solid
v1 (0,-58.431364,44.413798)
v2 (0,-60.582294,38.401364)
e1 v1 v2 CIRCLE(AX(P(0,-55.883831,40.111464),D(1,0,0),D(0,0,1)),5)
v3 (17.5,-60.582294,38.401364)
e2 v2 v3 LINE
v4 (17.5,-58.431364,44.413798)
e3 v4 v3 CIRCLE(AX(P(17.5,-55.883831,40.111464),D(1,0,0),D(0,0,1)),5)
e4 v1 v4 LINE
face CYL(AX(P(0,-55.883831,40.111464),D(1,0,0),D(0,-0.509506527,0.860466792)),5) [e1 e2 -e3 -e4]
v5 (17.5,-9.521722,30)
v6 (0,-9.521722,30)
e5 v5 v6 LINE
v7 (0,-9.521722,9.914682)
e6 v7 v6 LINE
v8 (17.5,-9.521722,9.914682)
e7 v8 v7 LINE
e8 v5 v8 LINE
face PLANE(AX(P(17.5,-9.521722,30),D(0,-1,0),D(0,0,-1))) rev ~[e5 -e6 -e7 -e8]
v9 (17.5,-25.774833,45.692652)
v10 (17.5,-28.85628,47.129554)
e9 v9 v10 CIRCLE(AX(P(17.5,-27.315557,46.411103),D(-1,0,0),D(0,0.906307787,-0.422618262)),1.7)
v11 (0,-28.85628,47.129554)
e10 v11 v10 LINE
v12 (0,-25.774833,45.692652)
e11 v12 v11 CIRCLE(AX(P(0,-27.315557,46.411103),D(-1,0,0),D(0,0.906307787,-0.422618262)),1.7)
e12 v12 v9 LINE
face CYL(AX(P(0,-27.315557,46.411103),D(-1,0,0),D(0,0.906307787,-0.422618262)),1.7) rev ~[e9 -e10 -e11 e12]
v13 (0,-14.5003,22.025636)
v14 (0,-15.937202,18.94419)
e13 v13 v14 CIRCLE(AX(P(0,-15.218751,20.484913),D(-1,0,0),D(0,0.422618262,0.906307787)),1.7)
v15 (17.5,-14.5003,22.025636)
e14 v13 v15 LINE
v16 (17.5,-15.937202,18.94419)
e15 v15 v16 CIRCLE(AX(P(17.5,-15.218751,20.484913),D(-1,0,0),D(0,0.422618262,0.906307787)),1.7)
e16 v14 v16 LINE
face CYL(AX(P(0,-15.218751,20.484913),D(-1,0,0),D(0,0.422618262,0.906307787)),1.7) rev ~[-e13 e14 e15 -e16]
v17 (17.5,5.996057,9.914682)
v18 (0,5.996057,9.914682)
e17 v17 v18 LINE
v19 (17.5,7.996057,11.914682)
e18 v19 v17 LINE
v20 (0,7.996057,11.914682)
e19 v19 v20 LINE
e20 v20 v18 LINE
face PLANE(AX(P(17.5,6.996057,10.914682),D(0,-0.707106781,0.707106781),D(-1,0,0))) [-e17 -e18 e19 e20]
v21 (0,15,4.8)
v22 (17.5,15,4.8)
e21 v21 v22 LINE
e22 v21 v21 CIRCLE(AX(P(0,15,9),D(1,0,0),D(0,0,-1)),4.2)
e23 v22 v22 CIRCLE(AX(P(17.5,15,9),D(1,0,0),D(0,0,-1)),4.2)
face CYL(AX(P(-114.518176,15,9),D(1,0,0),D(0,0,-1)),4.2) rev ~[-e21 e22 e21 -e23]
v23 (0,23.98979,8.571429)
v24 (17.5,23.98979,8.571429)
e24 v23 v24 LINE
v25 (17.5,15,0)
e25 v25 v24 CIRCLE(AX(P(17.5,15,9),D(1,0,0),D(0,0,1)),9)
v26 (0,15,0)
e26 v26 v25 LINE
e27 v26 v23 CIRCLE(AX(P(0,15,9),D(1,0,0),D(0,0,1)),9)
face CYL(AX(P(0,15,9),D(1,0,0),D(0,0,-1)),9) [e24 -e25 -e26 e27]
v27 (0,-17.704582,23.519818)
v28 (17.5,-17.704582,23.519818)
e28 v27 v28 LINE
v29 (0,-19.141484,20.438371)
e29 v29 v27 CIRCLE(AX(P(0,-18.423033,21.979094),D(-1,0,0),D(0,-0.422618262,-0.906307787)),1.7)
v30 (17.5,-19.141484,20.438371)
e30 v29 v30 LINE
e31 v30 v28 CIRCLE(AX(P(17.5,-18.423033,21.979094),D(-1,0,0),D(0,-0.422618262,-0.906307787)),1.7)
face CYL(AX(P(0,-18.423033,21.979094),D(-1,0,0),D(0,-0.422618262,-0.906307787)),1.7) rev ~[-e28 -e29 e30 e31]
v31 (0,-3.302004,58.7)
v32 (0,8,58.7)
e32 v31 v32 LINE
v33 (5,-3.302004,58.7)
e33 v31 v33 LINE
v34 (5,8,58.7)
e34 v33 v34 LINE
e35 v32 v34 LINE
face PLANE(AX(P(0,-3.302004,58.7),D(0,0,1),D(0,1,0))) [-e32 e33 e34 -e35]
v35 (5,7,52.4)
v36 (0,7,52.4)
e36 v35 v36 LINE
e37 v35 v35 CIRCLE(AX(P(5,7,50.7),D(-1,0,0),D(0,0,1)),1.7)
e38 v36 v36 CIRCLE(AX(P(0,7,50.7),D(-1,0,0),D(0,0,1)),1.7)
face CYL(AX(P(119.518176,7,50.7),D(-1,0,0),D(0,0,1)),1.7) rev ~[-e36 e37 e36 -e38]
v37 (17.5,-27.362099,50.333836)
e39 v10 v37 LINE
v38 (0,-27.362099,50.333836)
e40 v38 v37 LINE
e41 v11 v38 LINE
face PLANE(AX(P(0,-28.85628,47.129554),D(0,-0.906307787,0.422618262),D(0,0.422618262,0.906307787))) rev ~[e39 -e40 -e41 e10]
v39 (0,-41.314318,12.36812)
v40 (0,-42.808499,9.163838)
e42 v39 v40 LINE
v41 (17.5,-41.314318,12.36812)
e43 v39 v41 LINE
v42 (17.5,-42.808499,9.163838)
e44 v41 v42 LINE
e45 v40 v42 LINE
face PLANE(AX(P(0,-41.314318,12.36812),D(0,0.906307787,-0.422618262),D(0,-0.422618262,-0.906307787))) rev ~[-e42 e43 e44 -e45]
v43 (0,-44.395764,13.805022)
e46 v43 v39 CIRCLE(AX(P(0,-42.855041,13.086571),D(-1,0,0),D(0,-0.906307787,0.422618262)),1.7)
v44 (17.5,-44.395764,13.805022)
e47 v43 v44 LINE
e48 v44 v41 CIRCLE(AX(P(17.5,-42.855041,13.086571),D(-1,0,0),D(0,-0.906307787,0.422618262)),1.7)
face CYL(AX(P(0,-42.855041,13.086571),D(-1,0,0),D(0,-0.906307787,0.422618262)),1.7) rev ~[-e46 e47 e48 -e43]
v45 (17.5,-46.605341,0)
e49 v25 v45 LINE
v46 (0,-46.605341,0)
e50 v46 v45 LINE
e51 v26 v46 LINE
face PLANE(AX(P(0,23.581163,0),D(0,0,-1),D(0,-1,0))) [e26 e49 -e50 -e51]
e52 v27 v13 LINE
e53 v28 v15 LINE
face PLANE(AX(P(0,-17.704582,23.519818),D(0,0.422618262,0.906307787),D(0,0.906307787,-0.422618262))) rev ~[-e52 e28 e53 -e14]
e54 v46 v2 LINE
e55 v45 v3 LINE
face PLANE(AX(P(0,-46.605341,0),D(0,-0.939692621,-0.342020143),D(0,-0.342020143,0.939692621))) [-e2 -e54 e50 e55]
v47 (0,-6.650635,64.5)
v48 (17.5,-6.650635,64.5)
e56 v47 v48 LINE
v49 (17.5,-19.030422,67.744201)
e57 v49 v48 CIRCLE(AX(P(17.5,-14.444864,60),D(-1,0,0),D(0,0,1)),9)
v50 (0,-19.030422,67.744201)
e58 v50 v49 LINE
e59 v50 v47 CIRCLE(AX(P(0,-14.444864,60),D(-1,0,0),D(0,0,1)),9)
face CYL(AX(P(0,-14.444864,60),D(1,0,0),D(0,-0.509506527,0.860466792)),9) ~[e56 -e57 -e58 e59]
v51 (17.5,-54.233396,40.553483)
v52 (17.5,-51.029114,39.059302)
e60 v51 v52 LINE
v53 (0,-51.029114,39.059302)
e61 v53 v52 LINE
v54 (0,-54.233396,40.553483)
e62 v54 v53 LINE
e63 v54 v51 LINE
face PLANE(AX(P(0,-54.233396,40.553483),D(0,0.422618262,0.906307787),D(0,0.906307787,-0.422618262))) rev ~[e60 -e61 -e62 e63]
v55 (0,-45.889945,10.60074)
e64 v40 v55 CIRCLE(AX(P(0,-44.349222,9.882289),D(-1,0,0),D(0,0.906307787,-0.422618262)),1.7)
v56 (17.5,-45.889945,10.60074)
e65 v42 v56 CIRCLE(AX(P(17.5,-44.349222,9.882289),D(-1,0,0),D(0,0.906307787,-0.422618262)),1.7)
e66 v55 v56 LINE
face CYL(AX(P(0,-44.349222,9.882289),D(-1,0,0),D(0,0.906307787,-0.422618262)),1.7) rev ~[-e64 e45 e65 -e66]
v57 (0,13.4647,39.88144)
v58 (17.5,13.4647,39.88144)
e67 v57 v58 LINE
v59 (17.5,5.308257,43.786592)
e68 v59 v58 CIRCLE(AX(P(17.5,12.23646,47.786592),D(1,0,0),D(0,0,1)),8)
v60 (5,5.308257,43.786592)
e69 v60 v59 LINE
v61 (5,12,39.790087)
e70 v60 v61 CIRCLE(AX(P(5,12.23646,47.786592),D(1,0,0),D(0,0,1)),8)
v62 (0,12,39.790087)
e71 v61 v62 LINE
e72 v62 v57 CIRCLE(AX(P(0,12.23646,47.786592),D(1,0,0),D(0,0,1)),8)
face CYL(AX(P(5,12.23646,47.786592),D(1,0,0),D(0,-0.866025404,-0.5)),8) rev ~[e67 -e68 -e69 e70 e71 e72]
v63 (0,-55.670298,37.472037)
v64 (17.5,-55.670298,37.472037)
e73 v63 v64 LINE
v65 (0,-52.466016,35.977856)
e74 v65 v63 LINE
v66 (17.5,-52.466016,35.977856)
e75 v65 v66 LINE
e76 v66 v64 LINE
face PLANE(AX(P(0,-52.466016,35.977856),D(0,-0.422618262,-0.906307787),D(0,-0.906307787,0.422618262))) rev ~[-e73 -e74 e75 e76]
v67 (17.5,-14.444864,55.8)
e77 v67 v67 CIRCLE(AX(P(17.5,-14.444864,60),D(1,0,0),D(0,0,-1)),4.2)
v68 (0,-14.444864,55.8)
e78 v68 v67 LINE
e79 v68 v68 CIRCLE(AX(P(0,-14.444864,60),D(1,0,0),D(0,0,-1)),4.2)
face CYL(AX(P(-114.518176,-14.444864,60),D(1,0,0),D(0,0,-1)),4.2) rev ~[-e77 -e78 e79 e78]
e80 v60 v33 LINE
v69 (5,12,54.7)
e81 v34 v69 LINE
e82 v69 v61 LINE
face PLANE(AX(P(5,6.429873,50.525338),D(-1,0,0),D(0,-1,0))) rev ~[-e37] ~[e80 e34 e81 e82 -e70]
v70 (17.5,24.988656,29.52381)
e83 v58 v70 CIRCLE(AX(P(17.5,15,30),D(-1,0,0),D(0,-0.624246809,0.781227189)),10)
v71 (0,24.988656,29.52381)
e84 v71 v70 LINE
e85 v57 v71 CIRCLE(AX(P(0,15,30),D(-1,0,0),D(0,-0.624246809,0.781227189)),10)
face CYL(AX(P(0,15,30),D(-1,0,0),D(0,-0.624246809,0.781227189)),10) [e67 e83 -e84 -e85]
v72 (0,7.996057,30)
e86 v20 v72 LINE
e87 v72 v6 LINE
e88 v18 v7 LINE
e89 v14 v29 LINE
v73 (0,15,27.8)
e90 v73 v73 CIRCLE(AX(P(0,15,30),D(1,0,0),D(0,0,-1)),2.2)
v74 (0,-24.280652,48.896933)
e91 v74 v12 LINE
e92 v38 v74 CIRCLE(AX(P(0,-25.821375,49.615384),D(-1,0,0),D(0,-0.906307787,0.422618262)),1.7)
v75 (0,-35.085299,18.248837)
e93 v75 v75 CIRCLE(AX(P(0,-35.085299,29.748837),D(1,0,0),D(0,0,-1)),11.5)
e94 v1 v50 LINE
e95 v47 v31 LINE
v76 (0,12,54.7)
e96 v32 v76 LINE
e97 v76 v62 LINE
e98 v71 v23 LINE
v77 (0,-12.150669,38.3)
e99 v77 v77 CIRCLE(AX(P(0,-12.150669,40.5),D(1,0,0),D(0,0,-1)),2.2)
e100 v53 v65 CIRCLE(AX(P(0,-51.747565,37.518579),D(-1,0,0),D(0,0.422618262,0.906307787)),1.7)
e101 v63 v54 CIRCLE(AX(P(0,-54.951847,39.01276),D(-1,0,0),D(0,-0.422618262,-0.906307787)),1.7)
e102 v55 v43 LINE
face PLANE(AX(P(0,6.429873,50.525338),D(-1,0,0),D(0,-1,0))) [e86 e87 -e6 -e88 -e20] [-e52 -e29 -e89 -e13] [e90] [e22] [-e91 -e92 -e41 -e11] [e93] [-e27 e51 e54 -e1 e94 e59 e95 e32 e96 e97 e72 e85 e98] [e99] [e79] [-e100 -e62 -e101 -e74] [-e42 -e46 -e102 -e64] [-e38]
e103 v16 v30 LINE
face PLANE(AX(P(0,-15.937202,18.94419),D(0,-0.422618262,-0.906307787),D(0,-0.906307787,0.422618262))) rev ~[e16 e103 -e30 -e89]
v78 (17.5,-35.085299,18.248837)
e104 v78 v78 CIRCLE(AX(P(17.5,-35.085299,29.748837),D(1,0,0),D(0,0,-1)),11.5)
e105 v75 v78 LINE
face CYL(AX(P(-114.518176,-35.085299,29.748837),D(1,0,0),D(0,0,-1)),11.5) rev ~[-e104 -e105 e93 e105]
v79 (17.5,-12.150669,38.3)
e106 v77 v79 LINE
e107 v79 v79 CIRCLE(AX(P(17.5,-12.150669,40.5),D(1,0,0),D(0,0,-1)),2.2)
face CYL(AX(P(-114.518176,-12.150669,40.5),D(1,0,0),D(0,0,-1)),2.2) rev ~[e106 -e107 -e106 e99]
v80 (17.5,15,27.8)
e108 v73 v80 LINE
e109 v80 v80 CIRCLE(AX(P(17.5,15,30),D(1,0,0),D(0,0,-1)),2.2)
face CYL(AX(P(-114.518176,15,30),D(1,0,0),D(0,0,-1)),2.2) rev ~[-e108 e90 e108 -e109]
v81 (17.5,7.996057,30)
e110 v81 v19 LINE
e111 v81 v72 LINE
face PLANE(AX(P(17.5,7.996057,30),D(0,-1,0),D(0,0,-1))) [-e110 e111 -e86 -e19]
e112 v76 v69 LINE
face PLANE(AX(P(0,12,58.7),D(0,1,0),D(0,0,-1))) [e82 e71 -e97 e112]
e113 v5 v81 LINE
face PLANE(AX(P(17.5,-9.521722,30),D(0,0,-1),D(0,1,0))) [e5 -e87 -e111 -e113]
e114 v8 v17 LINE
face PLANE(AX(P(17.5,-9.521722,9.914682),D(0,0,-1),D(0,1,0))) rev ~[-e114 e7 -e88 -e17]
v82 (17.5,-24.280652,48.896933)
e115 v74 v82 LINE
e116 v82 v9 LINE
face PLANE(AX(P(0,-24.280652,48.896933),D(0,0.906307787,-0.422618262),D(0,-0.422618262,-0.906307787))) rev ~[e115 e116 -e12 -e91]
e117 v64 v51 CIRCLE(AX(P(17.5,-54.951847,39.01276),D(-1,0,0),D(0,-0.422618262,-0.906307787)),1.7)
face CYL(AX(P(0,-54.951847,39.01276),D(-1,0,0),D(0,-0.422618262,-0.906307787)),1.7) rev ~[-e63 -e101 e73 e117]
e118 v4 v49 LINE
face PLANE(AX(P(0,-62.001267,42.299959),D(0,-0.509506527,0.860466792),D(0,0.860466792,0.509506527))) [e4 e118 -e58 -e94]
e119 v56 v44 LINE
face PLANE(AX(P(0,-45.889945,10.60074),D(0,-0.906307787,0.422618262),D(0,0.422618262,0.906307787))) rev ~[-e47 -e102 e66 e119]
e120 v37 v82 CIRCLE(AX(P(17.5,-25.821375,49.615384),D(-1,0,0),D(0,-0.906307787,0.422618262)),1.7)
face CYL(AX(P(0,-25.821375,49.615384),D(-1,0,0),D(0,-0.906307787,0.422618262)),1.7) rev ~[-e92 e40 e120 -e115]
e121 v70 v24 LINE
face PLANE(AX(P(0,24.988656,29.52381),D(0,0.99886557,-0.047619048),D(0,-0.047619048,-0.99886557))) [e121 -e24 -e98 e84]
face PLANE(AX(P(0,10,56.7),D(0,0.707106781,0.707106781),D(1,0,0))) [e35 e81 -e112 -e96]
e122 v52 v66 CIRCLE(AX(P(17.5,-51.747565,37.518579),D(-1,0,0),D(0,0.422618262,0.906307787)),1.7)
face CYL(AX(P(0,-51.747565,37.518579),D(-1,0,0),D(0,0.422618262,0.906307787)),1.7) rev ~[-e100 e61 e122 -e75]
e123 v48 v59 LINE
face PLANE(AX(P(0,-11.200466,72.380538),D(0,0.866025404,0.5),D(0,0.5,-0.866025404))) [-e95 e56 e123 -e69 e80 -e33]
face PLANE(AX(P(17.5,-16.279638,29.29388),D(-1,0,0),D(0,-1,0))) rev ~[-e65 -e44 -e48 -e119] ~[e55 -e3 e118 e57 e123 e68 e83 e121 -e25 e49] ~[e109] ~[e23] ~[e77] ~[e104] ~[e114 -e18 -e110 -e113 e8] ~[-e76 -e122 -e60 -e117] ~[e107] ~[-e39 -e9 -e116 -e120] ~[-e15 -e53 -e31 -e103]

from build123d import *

# Parameters (mm, degrees)
BOSS_EXTRUDE1_DEPTH = 17.5
BOSS_EXTRUDE2_DEPTH = 5
CUT_EXTRUDE1_DEPTH  = 97.898655256
CUT_EXTRUDE2_DEPTH  = 97.898655256
CUT_EXTRUDE3_DEPTH  = 97.898655256
CUT_EXTRUDE4_DEPTH  = 97.898655256
SKETCH7_W           = 20.085317587
SKETCH7_H           = 17.517779008
CUT_EXTRUDE5_DEPTH  = 97.898655256
HOLE1_D             = 3.4
HOLE2_D             = 8.4
HOLE3_D             = 4.4
HOLE4_D             = 23
HOLE5_D             = 8.4
HOLE6_D             = 4.4
FILLET1_R           = 8
CHAMFER3_SIZE       = 4
CHAMFER4_SIZE       = 2
FILLET2_R           = 5
FILLET3_R           = 9
FILLET4_R           = 9


with BuildPart() as part:
    # Sketch1 → Boss-Extrude1 (new body)
    with BuildSketch(Plane(origin=(0, 0, 0), x_dir=(0, -1, 0), z_dir=(-1, 0, 0))):
        with BuildLine():
            Line((11.200465877, 72.380538081), (-8.757531911, 37.812271895))
            ThreePointArc((-8.757531911, 37.812271895), (-19.547871207, 38.906001768), (-24.988655697, 29.523809524))
            Line((-24.988655697, 29.523809524), (-23.581163303, 0))
            Line((-23.581163303, 0), (46.605341047, 0))
            Line((46.605341047, 0), (62.001266902, 42.299958639))
            Line((62.001266902, 42.299958639), (11.200465877, 72.380538081))
        make_face()
    extrude(amount=-BOSS_EXTRUDE1_DEPTH)

    # Sketch2 → Boss-Extrude2 (add)
    with BuildSketch(Plane(origin=(0, 0, 0), x_dir=(0, -1, 0), z_dir=(-1, 0, 0))):
        with BuildLine():
            Line((-8.757531911, 37.812271895), (3.302003533, 58.7))
            Line((3.302003533, 58.7), (-12, 58.7))
            Line((-12, 58.7), (-12, 39.539392014))
            ThreePointArc((-12, 39.539392014), (-10.298772493, 38.82601042), (-8.757531911, 37.812271895))
        make_face()
    extrude(amount=-BOSS_EXTRUDE2_DEPTH)

    # Sketch3 → Cut-Extrude1 (cut, through all)
    with BuildSketch(Plane.ZY):
        with BuildLine():
            Line((18.944189974, -15.937202057), (20.438371168, -19.141483967))
            ThreePointArc((20.438371168, -19.141483967), (22.697545451, -19.96375616), (23.519817644, -17.704581878))
            Line((23.519817644, -17.704581878), (22.02563645, -14.500299967))
            ThreePointArc((22.02563645, -14.500299967), (19.766462167, -13.678027774), (18.944189974, -15.937202057))
        make_face()
    extrude(amount=-CUT_EXTRUDE1_DEPTH, mode=Mode.SUBTRACT)

    # Sketch4 → Cut-Extrude2 (cut, through all)
    with BuildSketch(Plane.ZY):
        with BuildLine():
            Line((48.896933411, -24.280652217), (45.692651501, -25.774833411))
            ThreePointArc((45.692651501, -25.774833411), (44.870379308, -28.034007694), (47.129553591, -28.856279887))
            Line((47.129553591, -28.856279887), (50.333835501, -27.362098693))
            ThreePointArc((50.333835501, -27.362098693), (51.156107694, -25.10292441), (48.896933411, -24.280652217))
        make_face()
    extrude(amount=-CUT_EXTRUDE2_DEPTH, mode=Mode.SUBTRACT)

    # Sketch5 → Cut-Extrude3 (cut, through all)
    with BuildSketch(Plane.ZY):
        with BuildLine():
            Line((35.977855582, -52.466015834), (37.472036775, -55.670297745))
            ThreePointArc((37.472036775, -55.670297745), (39.731211058, -56.492569938), (40.553483251, -54.233395655))
            Line((40.553483251, -54.233395655), (39.059302058, -51.029113744))
            ThreePointArc((39.059302058, -51.029113744), (36.800127775, -50.206841551), (35.977855582, -52.466015834))
        make_face()
    extrude(amount=-CUT_EXTRUDE3_DEPTH, mode=Mode.SUBTRACT)

    # Sketch6 → Cut-Extrude4 (cut, through all)
    with BuildSketch(Plane.ZY):
        with BuildLine():
            Line((10.600739814, -45.889945495), (13.805021724, -44.395764301))
            ThreePointArc((13.805021724, -44.395764301), (14.627293917, -42.136590018), (12.368119634, -41.314317825))
            Line((12.368119634, -41.314317825), (9.163837724, -42.808499019))
            ThreePointArc((9.163837724, -42.808499019), (8.341565531, -45.067673302), (10.600739814, -45.889945495))
        make_face()
    extrude(amount=-CUT_EXTRUDE4_DEPTH, mode=Mode.SUBTRACT)

    # Sketch7 → Cut-Extrude5 (cut, through all)
    with BuildSketch(Plane(origin=(17.5, 0, 0), x_dir=(0, 0, -1), z_dir=(1, 0, 0))):
        with Locations((-19.957341207, -0.762832283)):
            Rectangle(SKETCH7_W, SKETCH7_H)
    extrude(amount=-CUT_EXTRUDE5_DEPTH, mode=Mode.SUBTRACT)

    # Hole1 (through all)
    with Locations(Plane(origin=(5, 0, 0), x_dir=(0, 0, -1), z_dir=(1, 0, 0))):
        with Locations((-50.7, 7)):
            Hole(HOLE1_D / 2)

    # Hole2 (through all)
    with Locations(Plane.ZY):
        with Locations((9, 15)):
            Hole(HOLE2_D / 2)

    # Hole3 (through all)
    with Locations(Plane.ZY):
        with Locations((40.5, -12.150669091)):
            Hole(HOLE3_D / 2)

    # Hole4 (through all)
    with Locations(Plane.ZY):
        with Locations((29.748836613, -35.085298856)):
            Hole(HOLE4_D / 2)

    # Hole5 (through all)
    with Locations(Plane.ZY):
        with Locations((60, -14.444863729)):
            Hole(HOLE5_D / 2)

    # Hole6 (through all)
    with Locations(Plane.ZY):
        with Locations((30, 15)):
            Hole(HOLE6_D / 2)

    # Fillet1
    fillet1_edges = [part.edges().sort_by_distance(p)[0] for p in [
        (11.25, 8.757531911, 37.812271895),
    ]]
    fillet(fillet1_edges, radius=FILLET1_R)

    # Chamfer3
    chamfer3_edges = [part.edges().sort_by_distance(p)[0] for p in [
        (2.5, 12, 58.7),
    ]]
    chamfer(chamfer3_edges, length=CHAMFER3_SIZE)

    # Chamfer4
    chamfer4_edges = [part.edges().sort_by_distance(p)[0] for p in [
        (8.75, 7.996057221, 9.914682413),
    ]]
    chamfer(chamfer4_edges, length=CHAMFER4_SIZE)

    # Fillet2
    fillet2_edges = [part.edges().sort_by_distance(p)[0] for p in [
        (8.75, -62.001266902, 42.299958639),
    ]]
    fillet(fillet2_edges, radius=FILLET2_R)

    # Fillet3
    fillet3_edges = [part.edges().sort_by_distance(p)[0] for p in [
        (8.75, -11.200465877, 72.380538081),
    ]]
    fillet(fillet3_edges, radius=FILLET3_R)

    # Fillet4
    fillet4_edges = [part.edges().sort_by_distance(p)[0] for p in [
        (8.75, 23.581163303, 0),
    ]]
    fillet(fillet4_edges, radius=FILLET4_R)


solid = part.part
